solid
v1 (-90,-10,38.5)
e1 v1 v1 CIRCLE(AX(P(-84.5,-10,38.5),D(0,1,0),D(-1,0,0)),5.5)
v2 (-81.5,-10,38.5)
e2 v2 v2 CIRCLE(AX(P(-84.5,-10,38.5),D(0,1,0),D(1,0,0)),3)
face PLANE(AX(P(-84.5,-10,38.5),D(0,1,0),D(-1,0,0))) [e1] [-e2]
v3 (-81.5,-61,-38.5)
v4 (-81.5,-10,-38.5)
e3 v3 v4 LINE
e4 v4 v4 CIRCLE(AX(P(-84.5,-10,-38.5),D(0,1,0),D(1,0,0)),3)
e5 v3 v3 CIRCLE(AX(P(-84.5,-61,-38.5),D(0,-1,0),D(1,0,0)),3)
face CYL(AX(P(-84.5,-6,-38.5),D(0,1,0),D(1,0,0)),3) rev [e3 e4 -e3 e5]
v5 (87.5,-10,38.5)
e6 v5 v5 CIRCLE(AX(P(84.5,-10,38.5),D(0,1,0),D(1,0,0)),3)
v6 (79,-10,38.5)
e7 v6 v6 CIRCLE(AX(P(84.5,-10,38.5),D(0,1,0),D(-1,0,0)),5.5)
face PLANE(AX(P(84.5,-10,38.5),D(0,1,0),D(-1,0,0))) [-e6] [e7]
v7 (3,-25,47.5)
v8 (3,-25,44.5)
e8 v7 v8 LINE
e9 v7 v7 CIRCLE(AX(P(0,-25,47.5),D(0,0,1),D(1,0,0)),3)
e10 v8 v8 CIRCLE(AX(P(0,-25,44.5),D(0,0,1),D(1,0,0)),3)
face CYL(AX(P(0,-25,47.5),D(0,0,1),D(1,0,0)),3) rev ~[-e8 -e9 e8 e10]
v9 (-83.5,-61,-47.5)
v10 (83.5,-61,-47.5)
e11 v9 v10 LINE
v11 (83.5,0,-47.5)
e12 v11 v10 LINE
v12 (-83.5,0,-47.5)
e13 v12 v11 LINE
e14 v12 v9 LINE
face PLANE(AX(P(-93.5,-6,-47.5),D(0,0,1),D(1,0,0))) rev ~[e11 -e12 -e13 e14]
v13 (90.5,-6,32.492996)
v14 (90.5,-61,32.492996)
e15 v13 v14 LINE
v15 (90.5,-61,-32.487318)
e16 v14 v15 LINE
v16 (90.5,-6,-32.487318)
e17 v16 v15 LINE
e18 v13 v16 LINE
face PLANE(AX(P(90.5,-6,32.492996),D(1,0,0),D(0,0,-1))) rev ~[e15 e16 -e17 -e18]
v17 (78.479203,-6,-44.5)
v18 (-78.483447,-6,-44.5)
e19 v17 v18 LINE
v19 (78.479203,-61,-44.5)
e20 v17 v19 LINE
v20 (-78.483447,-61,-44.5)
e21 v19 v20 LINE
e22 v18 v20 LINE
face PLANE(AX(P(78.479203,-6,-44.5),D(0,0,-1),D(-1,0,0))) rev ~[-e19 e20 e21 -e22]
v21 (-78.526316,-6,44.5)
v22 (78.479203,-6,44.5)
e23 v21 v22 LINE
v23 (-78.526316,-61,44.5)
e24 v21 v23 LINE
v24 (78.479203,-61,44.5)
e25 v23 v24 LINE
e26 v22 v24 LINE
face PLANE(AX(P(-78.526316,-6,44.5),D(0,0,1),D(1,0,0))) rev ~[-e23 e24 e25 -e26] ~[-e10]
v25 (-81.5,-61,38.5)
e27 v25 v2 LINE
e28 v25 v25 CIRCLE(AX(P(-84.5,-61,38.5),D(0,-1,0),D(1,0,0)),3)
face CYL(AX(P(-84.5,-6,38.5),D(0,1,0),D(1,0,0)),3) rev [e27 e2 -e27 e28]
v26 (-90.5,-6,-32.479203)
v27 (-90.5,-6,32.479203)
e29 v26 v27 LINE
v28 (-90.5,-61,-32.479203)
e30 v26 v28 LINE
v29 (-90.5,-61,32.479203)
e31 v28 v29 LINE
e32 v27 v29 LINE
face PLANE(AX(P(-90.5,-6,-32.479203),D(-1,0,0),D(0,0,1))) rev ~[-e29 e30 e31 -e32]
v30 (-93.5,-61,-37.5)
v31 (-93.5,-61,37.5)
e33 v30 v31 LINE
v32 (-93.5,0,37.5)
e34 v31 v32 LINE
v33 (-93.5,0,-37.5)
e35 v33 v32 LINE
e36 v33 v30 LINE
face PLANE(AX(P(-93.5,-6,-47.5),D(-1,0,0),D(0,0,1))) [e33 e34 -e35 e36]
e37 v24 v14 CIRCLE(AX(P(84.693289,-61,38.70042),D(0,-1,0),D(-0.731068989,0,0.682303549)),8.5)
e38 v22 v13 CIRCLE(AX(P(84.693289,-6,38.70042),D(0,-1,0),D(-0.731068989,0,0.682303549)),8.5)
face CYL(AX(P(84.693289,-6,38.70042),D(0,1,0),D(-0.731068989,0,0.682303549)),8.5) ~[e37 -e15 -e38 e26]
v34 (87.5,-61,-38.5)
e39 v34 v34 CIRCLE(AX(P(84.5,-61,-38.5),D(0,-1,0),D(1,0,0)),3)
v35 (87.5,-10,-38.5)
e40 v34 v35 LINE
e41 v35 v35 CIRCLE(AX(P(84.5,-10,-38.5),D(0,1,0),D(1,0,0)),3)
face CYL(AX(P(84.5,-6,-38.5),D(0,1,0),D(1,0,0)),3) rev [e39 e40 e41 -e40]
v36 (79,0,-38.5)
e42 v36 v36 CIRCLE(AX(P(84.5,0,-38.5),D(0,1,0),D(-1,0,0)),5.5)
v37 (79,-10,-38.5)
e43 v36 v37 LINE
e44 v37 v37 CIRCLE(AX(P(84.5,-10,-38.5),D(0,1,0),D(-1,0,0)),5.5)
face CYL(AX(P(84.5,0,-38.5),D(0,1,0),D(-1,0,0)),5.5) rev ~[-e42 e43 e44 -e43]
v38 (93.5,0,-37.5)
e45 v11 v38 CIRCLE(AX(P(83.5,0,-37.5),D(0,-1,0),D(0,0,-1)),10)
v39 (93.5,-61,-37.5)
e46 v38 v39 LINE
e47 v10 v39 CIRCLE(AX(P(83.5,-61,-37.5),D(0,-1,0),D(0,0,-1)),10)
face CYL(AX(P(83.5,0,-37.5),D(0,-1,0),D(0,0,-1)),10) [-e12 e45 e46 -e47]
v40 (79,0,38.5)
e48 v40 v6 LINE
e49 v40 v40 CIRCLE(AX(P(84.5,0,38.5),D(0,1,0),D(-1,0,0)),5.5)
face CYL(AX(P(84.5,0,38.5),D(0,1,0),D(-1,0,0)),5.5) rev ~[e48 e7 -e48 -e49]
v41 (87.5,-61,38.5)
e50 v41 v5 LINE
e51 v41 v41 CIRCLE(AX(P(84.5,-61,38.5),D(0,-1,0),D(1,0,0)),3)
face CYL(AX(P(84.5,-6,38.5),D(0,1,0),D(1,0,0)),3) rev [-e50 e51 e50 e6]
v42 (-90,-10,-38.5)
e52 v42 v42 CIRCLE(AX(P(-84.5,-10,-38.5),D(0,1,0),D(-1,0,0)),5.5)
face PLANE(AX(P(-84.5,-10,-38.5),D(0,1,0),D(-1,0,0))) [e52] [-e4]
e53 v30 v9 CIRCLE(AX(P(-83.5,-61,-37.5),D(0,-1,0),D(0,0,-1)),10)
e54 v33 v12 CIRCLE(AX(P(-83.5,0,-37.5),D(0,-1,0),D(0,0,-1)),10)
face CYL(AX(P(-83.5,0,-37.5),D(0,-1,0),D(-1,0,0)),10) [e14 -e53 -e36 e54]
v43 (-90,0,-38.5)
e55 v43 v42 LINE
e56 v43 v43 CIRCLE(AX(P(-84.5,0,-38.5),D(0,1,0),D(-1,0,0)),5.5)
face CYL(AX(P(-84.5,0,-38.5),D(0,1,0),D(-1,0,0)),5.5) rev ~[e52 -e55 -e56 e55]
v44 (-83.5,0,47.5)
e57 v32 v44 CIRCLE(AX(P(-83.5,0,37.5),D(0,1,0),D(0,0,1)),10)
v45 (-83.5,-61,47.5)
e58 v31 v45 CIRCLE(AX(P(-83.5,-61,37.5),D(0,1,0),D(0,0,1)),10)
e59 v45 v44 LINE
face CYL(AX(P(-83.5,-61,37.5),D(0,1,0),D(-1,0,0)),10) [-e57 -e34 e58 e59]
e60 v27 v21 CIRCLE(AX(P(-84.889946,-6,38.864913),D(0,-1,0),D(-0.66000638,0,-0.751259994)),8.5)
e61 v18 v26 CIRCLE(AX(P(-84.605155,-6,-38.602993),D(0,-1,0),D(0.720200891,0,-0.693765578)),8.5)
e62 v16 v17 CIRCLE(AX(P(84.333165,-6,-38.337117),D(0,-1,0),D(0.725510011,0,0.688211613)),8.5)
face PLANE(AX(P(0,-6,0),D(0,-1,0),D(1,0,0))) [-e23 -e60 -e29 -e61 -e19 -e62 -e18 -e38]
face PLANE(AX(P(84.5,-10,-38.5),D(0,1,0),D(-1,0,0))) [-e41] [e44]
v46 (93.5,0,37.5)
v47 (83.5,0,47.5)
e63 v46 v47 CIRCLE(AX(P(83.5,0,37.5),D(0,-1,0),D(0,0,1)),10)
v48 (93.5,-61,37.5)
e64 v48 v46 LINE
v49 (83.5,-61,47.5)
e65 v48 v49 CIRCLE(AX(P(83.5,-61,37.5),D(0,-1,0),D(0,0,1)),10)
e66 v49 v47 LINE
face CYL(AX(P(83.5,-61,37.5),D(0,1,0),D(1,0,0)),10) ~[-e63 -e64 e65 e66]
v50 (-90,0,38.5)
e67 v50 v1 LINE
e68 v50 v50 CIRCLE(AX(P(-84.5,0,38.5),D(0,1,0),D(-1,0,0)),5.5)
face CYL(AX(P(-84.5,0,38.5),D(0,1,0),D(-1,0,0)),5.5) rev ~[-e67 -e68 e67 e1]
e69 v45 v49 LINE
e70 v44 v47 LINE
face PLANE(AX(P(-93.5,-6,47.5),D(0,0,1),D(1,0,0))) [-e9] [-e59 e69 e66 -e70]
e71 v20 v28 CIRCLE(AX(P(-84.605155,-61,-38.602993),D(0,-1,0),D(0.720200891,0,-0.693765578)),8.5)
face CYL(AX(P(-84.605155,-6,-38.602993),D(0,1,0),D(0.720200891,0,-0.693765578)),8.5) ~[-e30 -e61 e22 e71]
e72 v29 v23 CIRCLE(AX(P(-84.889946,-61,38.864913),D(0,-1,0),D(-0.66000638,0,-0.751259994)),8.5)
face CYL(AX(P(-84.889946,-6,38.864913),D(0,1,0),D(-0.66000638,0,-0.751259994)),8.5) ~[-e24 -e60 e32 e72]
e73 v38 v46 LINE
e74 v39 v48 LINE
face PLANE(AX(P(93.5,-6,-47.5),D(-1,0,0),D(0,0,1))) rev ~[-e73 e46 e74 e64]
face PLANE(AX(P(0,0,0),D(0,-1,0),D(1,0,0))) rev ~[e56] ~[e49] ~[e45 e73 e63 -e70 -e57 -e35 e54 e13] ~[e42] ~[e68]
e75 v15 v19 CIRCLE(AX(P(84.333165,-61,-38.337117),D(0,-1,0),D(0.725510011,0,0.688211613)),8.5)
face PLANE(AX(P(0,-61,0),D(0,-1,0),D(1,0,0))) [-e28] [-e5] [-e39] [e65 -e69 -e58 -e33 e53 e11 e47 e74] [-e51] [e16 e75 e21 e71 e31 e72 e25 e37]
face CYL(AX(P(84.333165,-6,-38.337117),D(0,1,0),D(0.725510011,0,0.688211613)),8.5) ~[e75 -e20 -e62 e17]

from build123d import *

# Parameters (mm, degrees)
F0_W     = 187
F0_H     = 95
F0_R     = 3
F1_DEPTH = 6
F2_W     = 187
F2_H     = 95
F2_R     = 3
F3_DEPTH = 55
F4_R     = 10
F5_R     = 5.5
F6_DEPTH = 10
F7_R     = 3
F8_DEPTH = 25


with BuildPart() as f1:
    # F0 (on Front) → F1 (new body)
    with BuildSketch(Plane.XZ):
        Rectangle(F0_W, F0_H)
        with Locations((-84.5, -38.5)):
            Circle(F0_R, mode=Mode.SUBTRACT)
        with Locations((84.5, -38.5)):
            Circle(F0_R, mode=Mode.SUBTRACT)
        with Locations((-84.5, 38.5)):
            Circle(F0_R, mode=Mode.SUBTRACT)
        with Locations((84.5, 38.5)):
            Circle(F0_R, mode=Mode.SUBTRACT)
    extrude(amount=F1_DEPTH)

    # F2 (on face) → F3 (join)
    with BuildSketch(Plane.XZ.offset(6)):
        Rectangle(F2_W, F2_H)
        with Locations((-84.5, -38.5)):
            Circle(F2_R, mode=Mode.SUBTRACT)
        with Locations((84.5, -38.5)):
            Circle(F2_R, mode=Mode.SUBTRACT)
        with BuildLine():
            ThreePointArc((78.479203, 44.5), (78.686333, 32.686563), (90.5, 32.492996))
            Line((90.5, 32.492996), (90.5, -32.487318))
            ThreePointArc((90.5, -32.487318), (78.324787, -32.32468), (78.479203, -44.5))
            Line((78.479203, -44.5), (-78.483447, -44.5))
            ThreePointArc((-78.483447, -44.5), (-78.593686, -32.593646), (-90.5, -32.479203))
            Line((-90.5, -32.479203), (-90.5, 32.479203))
            ThreePointArc((-90.5, 32.479203), (-78.867749, 32.866318), (-78.526316, 44.5))
            Line((-78.526316, 44.5), (78.479203, 44.5))
        make_face(mode=Mode.SUBTRACT)
        with Locations((-84.5, 38.5)):
            Circle(F2_R, mode=Mode.SUBTRACT)
        with Locations((84.5, 38.5)):
            Circle(F2_R, mode=Mode.SUBTRACT)
    extrude(amount=F3_DEPTH)

    # F4
    f4_edges = [f1.edges().sort_by_distance(p)[0] for p in [
        (-93.5, -30.5, -47.5),
        (-93.5, -30.5, 47.5),
        (93.5, -30.5, 47.5),
        (93.5, -30.5, -47.5),
    ]]
    fillet(f4_edges, radius=F4_R)

    # F5 (on face) → F6 (cut)
    with BuildSketch(Plane(origin=(0, 0, 0), x_dir=(-1, 0, 0), z_dir=(0, 1, 0))):
        with Locations((-84.5, 38.5)):
            Circle(F5_R)
        with Locations((-84.5, -38.5)):
            Circle(F5_R)
        with Locations((84.5, -38.5)):
            Circle(F5_R)
        with Locations((84.5, 38.5)):
            Circle(F5_R)
    extrude(amount=-F6_DEPTH, mode=Mode.SUBTRACT)

    # F7 (on face) → F8 (cut)
    with BuildSketch(Plane.XY.offset(47.5)):
        with Locations((0, -25)):
            Circle(F7_R)
    extrude(amount=-F8_DEPTH, mode=Mode.SUBTRACT)


solid = f1.part
